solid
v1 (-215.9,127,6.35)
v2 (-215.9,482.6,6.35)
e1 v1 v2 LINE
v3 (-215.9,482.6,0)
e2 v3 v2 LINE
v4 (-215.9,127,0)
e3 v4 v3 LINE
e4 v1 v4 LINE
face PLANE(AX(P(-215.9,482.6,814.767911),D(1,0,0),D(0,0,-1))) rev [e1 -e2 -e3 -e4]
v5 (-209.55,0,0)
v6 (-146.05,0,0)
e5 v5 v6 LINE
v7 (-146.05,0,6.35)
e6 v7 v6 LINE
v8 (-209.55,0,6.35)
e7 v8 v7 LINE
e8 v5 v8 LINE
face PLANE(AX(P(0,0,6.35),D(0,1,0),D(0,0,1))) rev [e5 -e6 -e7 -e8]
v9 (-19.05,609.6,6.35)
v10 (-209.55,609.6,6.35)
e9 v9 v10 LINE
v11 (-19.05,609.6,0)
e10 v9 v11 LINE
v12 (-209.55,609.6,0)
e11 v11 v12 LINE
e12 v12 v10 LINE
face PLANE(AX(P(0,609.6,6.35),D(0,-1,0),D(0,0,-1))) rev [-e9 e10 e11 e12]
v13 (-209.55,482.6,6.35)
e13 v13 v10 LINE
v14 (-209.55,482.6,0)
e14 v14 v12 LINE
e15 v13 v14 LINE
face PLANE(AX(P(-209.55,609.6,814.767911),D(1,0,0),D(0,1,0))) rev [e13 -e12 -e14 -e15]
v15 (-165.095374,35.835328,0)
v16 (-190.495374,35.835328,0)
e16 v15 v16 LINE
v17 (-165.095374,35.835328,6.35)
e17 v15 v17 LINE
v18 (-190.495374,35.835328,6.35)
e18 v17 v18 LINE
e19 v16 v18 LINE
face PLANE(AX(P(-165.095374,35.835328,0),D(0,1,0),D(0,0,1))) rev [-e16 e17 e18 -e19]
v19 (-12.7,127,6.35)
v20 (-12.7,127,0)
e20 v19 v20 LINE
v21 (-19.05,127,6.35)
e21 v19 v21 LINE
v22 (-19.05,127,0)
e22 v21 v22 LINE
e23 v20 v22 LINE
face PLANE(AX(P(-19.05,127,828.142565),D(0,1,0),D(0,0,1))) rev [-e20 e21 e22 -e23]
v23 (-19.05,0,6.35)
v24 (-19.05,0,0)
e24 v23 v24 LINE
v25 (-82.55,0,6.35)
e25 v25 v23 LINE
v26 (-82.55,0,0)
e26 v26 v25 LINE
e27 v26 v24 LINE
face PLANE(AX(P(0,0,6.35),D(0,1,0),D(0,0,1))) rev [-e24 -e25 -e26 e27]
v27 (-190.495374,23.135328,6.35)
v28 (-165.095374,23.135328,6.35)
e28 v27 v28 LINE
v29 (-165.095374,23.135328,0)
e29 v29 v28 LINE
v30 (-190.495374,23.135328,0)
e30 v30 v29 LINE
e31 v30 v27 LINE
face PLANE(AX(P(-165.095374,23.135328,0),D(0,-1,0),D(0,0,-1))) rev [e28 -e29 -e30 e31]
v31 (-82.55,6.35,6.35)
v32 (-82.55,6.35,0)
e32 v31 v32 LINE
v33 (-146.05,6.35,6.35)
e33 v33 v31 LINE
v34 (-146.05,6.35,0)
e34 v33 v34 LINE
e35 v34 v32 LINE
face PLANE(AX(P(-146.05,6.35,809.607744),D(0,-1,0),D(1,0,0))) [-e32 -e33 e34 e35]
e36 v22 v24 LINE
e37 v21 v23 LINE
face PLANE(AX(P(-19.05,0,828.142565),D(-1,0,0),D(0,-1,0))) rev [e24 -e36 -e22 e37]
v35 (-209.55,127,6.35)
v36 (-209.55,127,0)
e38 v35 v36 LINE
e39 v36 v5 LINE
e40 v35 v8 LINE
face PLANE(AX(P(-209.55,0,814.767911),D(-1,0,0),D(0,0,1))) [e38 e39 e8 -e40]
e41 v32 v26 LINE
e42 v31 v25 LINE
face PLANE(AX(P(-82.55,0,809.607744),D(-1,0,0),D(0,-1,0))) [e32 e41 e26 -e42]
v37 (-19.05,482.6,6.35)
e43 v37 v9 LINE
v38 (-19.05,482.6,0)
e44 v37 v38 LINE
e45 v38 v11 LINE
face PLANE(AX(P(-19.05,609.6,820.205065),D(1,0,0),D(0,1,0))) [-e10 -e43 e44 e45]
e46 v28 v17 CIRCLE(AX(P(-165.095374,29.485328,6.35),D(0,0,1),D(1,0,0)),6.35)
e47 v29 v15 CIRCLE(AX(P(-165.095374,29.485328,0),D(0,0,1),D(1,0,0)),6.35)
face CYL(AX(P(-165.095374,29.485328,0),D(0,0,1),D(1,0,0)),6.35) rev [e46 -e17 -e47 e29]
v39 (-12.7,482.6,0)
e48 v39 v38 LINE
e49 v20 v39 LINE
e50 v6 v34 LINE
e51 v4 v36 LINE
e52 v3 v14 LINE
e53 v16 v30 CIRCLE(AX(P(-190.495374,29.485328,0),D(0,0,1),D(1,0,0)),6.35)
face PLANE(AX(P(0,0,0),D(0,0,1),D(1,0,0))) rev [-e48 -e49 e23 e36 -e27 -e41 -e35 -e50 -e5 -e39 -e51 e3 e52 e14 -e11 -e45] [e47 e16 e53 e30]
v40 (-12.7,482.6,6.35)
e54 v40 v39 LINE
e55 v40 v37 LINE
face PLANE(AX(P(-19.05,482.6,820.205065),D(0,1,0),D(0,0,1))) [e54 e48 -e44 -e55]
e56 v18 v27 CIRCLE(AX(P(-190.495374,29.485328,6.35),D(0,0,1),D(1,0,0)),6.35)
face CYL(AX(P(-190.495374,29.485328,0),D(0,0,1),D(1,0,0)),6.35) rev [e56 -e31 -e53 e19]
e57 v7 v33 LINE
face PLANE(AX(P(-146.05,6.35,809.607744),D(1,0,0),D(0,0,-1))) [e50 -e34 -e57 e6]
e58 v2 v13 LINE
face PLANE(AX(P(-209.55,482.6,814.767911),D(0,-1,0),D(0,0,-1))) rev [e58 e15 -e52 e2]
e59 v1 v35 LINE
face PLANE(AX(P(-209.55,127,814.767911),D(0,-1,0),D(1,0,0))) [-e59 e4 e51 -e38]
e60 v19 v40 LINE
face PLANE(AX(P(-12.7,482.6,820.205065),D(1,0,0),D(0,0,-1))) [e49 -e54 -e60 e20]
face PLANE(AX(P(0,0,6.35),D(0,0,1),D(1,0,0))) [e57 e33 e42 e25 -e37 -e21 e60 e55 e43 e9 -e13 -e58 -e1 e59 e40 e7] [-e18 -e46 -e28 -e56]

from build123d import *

# Parameters (mm, degrees)
SKETCH1_W                = 228.6
SKETCH1_H                = 609.6
BOSS_EXTRUDE1_DEPTH      = 6.35
CUT_EXTRUDE1_DEPTH       = 6.35
CUT_EXTRUDE4_DEPTH       = 1
CUT_EXTRUDE4_DEPTH_BACK  = 7.35
CUT_EXTRUDE7_DEPTH       = 1
CUT_EXTRUDE7_DEPTH_BACK  = 7.35
CUT_EXTRUDE8_DEPTH       = 1
CUT_EXTRUDE8_DEPTH_BACK  = 7.35
CUT_EXTRUDE9_DEPTH       = 1
CUT_EXTRUDE9_DEPTH_BACK  = 7.35
CUT_EXTRUDE10_DEPTH      = 1
CUT_EXTRUDE10_DEPTH_BACK = 7.35
CUT_EXTRUDE11_DEPTH      = 1
CUT_EXTRUDE11_DEPTH_BACK = 7.35
CUT_EXTRUDE12_DEPTH      = 1
CUT_EXTRUDE12_DEPTH_BACK = 7.35


with BuildPart() as part:
    # Sketch1 → Boss-Extrude1 (new body)
    with BuildSketch(Plane.XY):
        with Locations((-114.3, 304.8)):
            Rectangle(SKETCH1_W, SKETCH1_H)
    extrude(amount=BOSS_EXTRUDE1_DEPTH)

    # Sketch2 → Cut-Extrude1 (cut)
    with BuildSketch(Plane.XY.offset(6.35)):
        with BuildLine():
            Line((-165.095373919, 23.135327723), (-190.495373919, 23.135327723))
            ThreePointArc((-190.495373919, 23.135327723), (-196.845373919, 29.485327723), (-190.495373919, 35.835327723))
            Line((-190.495373919, 35.835327723), (-165.095373919, 35.835327723))
            ThreePointArc((-165.095373919, 35.835327723), (-158.745373919, 29.485327723), (-165.095373919, 23.135327723))
        make_face()
    extrude(amount=-CUT_EXTRUDE1_DEPTH, mode=Mode.SUBTRACT)

    # Sketch6 → Cut-Extrude4 (cut, two sides)
    with BuildSketch(Plane.XY.offset(6.35)) as cut_extrude4_sk:
        Polygon((-19.05, -1299.222032855), (-19.05, 0), (-19.05, 127), (0, 127), (1299.222032855, 127), (3207.394059988, -1636.743484042), (1889.122027132, -3062.965516897), align=None)
    extrude(amount=CUT_EXTRUDE4_DEPTH, mode=Mode.SUBTRACT)
    extrude(cut_extrude4_sk.sketch, amount=-CUT_EXTRUDE4_DEPTH_BACK, mode=Mode.SUBTRACT)

    # Sketch5 → Cut-Extrude7 (cut, two sides)
    with BuildSketch(Plane.XY.offset(6.35)) as cut_extrude7_sk:
        Polygon((-19.05, 1908.822032855), (-19.05, 609.6), (-19.05, 482.6), (0, 482.6), (1299.222032855, 482.6), (3207.394059988, 2246.343484042), (1889.122027132, 3672.565516897), align=None)
    extrude(amount=CUT_EXTRUDE7_DEPTH, mode=Mode.SUBTRACT)
    extrude(cut_extrude7_sk.sketch, amount=-CUT_EXTRUDE7_DEPTH_BACK, mode=Mode.SUBTRACT)

    # Sketch11 → Cut-Extrude8 (cut, two sides)
    with BuildSketch(Plane.XY.offset(6.35)) as cut_extrude8_sk:
        Polygon((-12.7, 1549.984641462), (-12.7, 482.6), (-12.7, 127), (-12.7, -940.384641462), (2122.069282924, -940.384641462), (2122.069282924, 1549.984641462), align=None)
    extrude(amount=CUT_EXTRUDE8_DEPTH, mode=Mode.SUBTRACT)
    extrude(cut_extrude8_sk.sketch, amount=-CUT_EXTRUDE8_DEPTH_BACK, mode=Mode.SUBTRACT)

    # Sketch15 → Cut-Extrude9 (cut, two sides)
    with BuildSketch(Plane.XY.offset(6.35)) as cut_extrude9_sk:
        Polygon((-209.55, -1291.190200556), (-209.55, 0), (-209.55, 127), (-228.6, 127), (-1519.790200556, 127), (-3416.571079884, -1625.401447117), (-2106.330879328, -3043.591647673), align=None)
    extrude(amount=CUT_EXTRUDE9_DEPTH, mode=Mode.SUBTRACT)
    extrude(cut_extrude9_sk.sketch, amount=-CUT_EXTRUDE9_DEPTH_BACK, mode=Mode.SUBTRACT)

    # Sketch12 → Cut-Extrude10 (cut, two sides)
    with BuildSketch(Plane.XY.offset(6.35)) as cut_extrude10_sk:
        Polygon((-209.55, 1900.790200556), (-209.55, 609.6), (-209.55, 482.6), (-228.6, 482.6), (-1519.790200556, 482.6), (-3416.571079884, 2235.001447117), (-2106.330879328, 3653.191647673), align=None)
    extrude(amount=CUT_EXTRUDE10_DEPTH, mode=Mode.SUBTRACT)
    extrude(cut_extrude10_sk.sketch, amount=-CUT_EXTRUDE10_DEPTH_BACK, mode=Mode.SUBTRACT)

    # Sketch16 → Cut-Extrude11 (cut, two sides)
    with BuildSketch(Plane.XY.offset(6.35)) as cut_extrude11_sk:
        Polygon((-215.9, 1539.868828907), (-215.9, 482.6), (-215.9, 127), (-215.9, -930.268828907), (-2330.437657814, -930.268828907), (-2330.437657814, 1539.868828907), align=None)
    extrude(amount=CUT_EXTRUDE11_DEPTH, mode=Mode.SUBTRACT)
    extrude(cut_extrude11_sk.sketch, amount=-CUT_EXTRUDE11_DEPTH_BACK, mode=Mode.SUBTRACT)

    # Sketch18 → Cut-Extrude12 (cut, two sides)
    with BuildSketch(Plane.XY.offset(6.35)) as cut_extrude12_sk:
        Polygon((-82.55, -1258.029458787), (-82.55, 0), (-82.55, 6.35), (-146.05, 6.35), (-146.05, 0), (-146.05, -1258.029458787), (-146.05, -3774.088376361), (-82.55, -3774.088376361), align=None)
    extrude(amount=CUT_EXTRUDE12_DEPTH, mode=Mode.SUBTRACT)
    extrude(cut_extrude12_sk.sketch, amount=-CUT_EXTRUDE12_DEPTH_BACK, mode=Mode.SUBTRACT)


solid = part.part
